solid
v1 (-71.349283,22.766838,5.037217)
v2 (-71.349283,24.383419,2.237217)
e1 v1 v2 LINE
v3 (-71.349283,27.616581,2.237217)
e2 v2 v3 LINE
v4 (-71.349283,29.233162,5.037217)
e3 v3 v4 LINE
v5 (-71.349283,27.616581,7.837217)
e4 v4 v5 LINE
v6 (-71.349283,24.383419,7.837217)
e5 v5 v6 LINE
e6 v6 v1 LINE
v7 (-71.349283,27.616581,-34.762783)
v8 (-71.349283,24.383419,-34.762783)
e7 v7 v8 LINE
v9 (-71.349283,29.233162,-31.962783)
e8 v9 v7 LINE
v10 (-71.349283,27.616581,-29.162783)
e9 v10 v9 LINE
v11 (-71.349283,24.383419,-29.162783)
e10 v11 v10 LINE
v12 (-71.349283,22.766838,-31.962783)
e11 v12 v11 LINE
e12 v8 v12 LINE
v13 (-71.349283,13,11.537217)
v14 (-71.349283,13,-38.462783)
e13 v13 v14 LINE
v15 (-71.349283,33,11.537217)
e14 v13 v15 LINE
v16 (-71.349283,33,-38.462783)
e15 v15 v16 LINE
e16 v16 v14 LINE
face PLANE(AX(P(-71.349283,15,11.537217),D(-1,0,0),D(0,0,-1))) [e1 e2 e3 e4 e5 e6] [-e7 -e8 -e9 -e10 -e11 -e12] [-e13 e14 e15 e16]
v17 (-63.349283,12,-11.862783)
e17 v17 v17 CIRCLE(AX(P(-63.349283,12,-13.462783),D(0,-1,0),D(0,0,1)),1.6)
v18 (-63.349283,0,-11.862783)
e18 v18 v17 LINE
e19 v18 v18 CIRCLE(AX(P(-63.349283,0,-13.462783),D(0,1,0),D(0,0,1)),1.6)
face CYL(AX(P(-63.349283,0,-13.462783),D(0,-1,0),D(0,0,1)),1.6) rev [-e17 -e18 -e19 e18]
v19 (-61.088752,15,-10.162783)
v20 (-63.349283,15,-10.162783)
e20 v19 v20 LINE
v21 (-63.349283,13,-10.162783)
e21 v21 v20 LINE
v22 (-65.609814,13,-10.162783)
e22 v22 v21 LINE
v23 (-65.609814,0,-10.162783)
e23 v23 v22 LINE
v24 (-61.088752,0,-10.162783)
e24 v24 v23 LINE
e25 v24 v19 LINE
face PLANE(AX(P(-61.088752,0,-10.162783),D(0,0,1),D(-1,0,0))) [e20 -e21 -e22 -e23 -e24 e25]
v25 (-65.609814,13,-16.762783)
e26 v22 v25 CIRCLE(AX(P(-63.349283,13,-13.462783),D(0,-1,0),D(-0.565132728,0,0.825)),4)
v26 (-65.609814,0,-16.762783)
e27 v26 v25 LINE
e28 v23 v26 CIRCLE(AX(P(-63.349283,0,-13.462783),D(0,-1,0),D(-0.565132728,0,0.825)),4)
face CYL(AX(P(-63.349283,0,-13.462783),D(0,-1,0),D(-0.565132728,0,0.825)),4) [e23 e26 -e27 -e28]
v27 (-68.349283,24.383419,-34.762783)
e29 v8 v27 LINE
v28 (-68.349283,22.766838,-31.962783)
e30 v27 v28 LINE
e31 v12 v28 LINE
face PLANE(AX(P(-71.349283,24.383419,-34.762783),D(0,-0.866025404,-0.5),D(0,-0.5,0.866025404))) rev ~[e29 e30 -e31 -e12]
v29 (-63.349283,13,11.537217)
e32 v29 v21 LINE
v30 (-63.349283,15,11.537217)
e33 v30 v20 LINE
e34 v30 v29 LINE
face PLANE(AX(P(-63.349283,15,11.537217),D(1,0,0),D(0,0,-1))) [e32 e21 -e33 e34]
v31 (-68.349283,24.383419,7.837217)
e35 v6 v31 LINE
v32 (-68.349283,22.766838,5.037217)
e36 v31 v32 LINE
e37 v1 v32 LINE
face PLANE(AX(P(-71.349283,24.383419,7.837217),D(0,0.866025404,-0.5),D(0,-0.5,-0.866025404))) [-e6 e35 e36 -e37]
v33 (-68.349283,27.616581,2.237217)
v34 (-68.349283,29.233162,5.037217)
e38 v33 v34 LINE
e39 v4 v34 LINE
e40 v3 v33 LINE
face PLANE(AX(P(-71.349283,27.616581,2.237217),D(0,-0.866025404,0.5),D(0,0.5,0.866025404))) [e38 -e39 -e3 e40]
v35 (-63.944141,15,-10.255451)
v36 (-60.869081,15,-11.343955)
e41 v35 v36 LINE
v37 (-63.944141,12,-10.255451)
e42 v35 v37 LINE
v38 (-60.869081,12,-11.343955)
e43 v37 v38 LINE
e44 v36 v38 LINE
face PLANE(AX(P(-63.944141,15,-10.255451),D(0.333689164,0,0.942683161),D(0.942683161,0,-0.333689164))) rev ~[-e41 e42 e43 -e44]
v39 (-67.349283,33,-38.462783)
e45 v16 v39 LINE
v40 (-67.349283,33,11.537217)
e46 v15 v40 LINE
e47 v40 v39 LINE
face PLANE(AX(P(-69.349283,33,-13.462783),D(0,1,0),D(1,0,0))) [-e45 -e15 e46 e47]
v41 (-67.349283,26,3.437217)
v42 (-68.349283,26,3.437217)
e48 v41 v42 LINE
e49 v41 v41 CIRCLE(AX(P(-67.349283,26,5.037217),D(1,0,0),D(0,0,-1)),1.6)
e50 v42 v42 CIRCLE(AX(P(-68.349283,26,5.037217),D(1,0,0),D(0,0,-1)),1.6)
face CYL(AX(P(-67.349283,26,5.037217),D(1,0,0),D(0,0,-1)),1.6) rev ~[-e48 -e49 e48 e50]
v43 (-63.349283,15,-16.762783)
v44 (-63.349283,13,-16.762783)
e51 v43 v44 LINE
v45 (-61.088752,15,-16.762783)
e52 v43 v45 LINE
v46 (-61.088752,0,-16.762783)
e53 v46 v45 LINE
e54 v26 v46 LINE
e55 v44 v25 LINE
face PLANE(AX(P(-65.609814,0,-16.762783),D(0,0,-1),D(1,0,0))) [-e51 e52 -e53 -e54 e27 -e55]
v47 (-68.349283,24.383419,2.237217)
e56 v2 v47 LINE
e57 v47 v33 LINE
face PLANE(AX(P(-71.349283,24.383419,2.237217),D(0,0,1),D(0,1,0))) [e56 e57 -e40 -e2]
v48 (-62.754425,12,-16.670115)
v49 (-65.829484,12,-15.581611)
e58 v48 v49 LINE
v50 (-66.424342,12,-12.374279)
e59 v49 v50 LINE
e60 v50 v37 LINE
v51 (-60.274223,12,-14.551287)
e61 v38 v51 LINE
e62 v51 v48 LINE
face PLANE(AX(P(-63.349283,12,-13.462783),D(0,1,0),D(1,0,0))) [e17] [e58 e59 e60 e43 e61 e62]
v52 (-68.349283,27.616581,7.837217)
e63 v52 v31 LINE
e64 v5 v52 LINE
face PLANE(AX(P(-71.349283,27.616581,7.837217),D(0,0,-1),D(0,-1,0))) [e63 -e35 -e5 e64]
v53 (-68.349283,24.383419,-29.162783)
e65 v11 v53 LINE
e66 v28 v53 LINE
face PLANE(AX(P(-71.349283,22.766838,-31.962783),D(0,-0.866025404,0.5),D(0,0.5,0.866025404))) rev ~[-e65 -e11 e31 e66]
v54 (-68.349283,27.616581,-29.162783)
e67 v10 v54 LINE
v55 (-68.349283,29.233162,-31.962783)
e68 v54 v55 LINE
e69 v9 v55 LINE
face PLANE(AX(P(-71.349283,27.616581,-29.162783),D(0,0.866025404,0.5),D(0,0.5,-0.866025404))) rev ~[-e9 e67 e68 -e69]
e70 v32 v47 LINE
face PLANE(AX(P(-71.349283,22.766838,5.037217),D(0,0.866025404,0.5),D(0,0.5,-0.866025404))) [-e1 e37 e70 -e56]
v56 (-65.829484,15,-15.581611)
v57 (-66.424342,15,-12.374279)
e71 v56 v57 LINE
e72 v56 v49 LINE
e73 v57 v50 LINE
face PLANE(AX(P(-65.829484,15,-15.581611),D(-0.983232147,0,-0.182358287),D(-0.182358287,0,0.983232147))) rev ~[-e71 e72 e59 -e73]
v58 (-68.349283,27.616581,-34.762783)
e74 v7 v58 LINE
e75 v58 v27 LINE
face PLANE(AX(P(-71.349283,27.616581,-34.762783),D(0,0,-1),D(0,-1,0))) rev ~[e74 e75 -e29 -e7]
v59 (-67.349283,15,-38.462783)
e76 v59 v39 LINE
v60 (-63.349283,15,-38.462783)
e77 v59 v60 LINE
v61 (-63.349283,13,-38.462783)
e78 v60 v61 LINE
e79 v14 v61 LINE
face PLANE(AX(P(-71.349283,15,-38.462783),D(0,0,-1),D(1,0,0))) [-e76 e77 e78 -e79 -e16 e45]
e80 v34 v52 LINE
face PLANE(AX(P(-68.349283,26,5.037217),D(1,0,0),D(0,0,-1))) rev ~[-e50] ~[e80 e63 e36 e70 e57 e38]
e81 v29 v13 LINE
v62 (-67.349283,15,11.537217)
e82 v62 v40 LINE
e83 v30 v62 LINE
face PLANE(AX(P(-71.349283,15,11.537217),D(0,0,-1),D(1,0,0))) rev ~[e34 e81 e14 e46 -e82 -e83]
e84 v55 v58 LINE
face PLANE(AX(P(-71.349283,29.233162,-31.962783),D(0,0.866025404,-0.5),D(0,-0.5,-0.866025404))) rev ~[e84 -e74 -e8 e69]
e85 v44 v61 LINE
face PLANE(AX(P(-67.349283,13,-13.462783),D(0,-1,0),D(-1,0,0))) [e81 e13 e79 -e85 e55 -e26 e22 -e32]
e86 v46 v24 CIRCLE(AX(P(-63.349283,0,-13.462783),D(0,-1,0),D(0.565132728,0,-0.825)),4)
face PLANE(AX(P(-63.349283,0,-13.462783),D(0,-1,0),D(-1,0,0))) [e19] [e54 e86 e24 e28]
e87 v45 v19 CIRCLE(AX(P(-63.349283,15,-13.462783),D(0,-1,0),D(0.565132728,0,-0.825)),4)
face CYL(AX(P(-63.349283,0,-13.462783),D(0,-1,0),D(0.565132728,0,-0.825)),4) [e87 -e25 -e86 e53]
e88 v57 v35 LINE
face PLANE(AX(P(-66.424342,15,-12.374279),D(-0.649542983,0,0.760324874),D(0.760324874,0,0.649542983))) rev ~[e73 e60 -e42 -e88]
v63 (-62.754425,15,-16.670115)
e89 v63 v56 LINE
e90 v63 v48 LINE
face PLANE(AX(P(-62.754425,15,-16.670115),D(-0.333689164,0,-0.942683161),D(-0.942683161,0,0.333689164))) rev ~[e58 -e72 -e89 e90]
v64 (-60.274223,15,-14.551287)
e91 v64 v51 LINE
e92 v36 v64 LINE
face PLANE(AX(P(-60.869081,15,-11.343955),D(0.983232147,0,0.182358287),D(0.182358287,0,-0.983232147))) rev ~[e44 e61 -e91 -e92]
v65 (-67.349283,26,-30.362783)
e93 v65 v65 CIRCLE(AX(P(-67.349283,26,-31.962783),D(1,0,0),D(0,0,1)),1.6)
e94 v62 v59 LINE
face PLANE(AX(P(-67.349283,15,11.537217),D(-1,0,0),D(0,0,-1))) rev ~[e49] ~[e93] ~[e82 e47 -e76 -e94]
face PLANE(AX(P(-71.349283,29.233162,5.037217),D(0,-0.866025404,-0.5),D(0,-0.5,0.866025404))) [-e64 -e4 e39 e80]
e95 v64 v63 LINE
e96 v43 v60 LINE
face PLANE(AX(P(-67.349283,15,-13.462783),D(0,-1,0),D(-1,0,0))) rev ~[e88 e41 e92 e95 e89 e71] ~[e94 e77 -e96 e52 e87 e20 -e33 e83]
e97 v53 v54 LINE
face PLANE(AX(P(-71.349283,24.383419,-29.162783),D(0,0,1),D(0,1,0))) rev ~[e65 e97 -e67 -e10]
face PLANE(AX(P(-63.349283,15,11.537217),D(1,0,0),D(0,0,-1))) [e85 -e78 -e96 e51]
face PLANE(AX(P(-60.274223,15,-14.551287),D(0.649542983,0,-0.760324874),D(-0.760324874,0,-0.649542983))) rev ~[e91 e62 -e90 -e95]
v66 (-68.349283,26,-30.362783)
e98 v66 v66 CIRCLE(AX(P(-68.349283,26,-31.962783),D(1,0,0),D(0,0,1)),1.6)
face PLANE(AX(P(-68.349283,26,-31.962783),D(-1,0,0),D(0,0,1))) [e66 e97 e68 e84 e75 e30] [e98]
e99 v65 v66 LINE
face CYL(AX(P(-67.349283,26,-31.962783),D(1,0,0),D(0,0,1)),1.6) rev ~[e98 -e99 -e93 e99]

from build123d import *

# Parameters (mm, degrees)
CROQUIS5_R              = 1.6
SALIENTE_EXTRUIR3_DEPTH = 15
SALIENTE_EXTRUIR5_DEPTH = 2
CORTAR_EXTRUIR3_DEPTH   = 3
CROQUIS10_W             = 4
CROQUIS10_H             = 50
SALIENTE_EXTRUIR6_DEPTH = 18
CROQUIS17_R             = 1.6
CORTAR_EXTRUIR4_DEPTH   = 4
CORTAR_EXTRUIR6_DEPTH   = 3


with BuildPart() as part:
    # Croquis5 → Saliente-Extruir3 (new body)
    with BuildSketch(Plane(origin=(0, 0, 0), x_dir=(1, 0, 0), z_dir=(0, 1, 0))):
        with BuildLine():
            Line((-65.609813571, 16.762782914), (-61.088751749, 16.762782914))
            ThreePointArc((-61.088751749, 16.762782914), (-59.34928266, 13.462782914), (-61.088751749, 10.162782914))
            Line((-61.088751749, 10.162782914), (-65.609813571, 10.162782914))
            ThreePointArc((-65.609813571, 10.162782914), (-67.34928266, 13.462782914), (-65.609813571, 16.762782914))
        make_face()
        with Locations(Location((-63.34928266, 13.462782914, 0), (0, 0, 270))):
            Circle(CROQUIS5_R, mode=Mode.SUBTRACT)
    extrude(amount=SALIENTE_EXTRUIR3_DEPTH)

    # Croquis7 → Saliente-Extruir5 (add)
    with BuildSketch(Plane(origin=(0, 15, 0), x_dir=(1, 0, 0), z_dir=(0, 1, 0))):
        Polygon((-63.34928266, 13.462782914), (-63.34928266, -11.537217086), (-71.34928266, -11.537217086), (-71.34928266, 38.462782914), (-63.34928266, 38.462782914), align=None)
    extrude(amount=-SALIENTE_EXTRUIR5_DEPTH)

    # Croquis9 → Cortar-Extruir3 (cut)
    with BuildSketch(Plane(origin=(0, 15, 0), x_dir=(1, 0, 0), z_dir=(0, 1, 0))):
        Polygon((-60.274222832, 14.551286652), (-62.754424635, 16.670114712), (-65.829484463, 15.581610975), (-66.424342488, 12.374279177), (-63.944140685, 10.255451116), (-60.869080857, 11.343954853), align=None)
    extrude(amount=-CORTAR_EXTRUIR3_DEPTH, mode=Mode.SUBTRACT)

    # Croquis10 → Saliente-Extruir6 (add)
    with BuildSketch(Plane(origin=(0, 15, 0), x_dir=(1, 0, 0), z_dir=(0, 1, 0))):
        with Locations((-69.34928266, 13.462782914)):
            Rectangle(CROQUIS10_W, CROQUIS10_H)
    extrude(amount=SALIENTE_EXTRUIR6_DEPTH)

    # Croquis17 → Cortar-Extruir4 (cut)
    with BuildSketch(Plane(origin=(-67.34928266, 0, 0), x_dir=(0, 0, -1), z_dir=(1, 0, 0))):
        with Locations((-5.037217086, 26)):
            Circle(CROQUIS17_R)
        with Locations(Location((31.962782914, 26, 0), (0, 0, 180))):
            Circle(CROQUIS17_R)
    extrude(amount=-CORTAR_EXTRUIR4_DEPTH, mode=Mode.SUBTRACT)

    # Croquis19 → Cortar-Extruir6 (cut)
    with BuildSketch(Plane.ZY.offset(71.34928266)):
        Polygon((-31.962782914, 29.233161507), (-34.762782914, 27.616580754), (-34.762782914, 24.383419246), (-31.962782914, 22.766838493), (-29.162782914, 24.383419246), (-29.162782914, 27.616580754), align=None)
        Polygon((2.237217086, 27.616580754), (5.037217086, 29.233161507), (7.837217086, 27.616580754), (7.837217086, 24.383419246), (5.037217086, 22.766838493), (2.237217086, 24.383419246), align=None)
    extrude(amount=-CORTAR_EXTRUIR6_DEPTH, mode=Mode.SUBTRACT)


solid = part.part
